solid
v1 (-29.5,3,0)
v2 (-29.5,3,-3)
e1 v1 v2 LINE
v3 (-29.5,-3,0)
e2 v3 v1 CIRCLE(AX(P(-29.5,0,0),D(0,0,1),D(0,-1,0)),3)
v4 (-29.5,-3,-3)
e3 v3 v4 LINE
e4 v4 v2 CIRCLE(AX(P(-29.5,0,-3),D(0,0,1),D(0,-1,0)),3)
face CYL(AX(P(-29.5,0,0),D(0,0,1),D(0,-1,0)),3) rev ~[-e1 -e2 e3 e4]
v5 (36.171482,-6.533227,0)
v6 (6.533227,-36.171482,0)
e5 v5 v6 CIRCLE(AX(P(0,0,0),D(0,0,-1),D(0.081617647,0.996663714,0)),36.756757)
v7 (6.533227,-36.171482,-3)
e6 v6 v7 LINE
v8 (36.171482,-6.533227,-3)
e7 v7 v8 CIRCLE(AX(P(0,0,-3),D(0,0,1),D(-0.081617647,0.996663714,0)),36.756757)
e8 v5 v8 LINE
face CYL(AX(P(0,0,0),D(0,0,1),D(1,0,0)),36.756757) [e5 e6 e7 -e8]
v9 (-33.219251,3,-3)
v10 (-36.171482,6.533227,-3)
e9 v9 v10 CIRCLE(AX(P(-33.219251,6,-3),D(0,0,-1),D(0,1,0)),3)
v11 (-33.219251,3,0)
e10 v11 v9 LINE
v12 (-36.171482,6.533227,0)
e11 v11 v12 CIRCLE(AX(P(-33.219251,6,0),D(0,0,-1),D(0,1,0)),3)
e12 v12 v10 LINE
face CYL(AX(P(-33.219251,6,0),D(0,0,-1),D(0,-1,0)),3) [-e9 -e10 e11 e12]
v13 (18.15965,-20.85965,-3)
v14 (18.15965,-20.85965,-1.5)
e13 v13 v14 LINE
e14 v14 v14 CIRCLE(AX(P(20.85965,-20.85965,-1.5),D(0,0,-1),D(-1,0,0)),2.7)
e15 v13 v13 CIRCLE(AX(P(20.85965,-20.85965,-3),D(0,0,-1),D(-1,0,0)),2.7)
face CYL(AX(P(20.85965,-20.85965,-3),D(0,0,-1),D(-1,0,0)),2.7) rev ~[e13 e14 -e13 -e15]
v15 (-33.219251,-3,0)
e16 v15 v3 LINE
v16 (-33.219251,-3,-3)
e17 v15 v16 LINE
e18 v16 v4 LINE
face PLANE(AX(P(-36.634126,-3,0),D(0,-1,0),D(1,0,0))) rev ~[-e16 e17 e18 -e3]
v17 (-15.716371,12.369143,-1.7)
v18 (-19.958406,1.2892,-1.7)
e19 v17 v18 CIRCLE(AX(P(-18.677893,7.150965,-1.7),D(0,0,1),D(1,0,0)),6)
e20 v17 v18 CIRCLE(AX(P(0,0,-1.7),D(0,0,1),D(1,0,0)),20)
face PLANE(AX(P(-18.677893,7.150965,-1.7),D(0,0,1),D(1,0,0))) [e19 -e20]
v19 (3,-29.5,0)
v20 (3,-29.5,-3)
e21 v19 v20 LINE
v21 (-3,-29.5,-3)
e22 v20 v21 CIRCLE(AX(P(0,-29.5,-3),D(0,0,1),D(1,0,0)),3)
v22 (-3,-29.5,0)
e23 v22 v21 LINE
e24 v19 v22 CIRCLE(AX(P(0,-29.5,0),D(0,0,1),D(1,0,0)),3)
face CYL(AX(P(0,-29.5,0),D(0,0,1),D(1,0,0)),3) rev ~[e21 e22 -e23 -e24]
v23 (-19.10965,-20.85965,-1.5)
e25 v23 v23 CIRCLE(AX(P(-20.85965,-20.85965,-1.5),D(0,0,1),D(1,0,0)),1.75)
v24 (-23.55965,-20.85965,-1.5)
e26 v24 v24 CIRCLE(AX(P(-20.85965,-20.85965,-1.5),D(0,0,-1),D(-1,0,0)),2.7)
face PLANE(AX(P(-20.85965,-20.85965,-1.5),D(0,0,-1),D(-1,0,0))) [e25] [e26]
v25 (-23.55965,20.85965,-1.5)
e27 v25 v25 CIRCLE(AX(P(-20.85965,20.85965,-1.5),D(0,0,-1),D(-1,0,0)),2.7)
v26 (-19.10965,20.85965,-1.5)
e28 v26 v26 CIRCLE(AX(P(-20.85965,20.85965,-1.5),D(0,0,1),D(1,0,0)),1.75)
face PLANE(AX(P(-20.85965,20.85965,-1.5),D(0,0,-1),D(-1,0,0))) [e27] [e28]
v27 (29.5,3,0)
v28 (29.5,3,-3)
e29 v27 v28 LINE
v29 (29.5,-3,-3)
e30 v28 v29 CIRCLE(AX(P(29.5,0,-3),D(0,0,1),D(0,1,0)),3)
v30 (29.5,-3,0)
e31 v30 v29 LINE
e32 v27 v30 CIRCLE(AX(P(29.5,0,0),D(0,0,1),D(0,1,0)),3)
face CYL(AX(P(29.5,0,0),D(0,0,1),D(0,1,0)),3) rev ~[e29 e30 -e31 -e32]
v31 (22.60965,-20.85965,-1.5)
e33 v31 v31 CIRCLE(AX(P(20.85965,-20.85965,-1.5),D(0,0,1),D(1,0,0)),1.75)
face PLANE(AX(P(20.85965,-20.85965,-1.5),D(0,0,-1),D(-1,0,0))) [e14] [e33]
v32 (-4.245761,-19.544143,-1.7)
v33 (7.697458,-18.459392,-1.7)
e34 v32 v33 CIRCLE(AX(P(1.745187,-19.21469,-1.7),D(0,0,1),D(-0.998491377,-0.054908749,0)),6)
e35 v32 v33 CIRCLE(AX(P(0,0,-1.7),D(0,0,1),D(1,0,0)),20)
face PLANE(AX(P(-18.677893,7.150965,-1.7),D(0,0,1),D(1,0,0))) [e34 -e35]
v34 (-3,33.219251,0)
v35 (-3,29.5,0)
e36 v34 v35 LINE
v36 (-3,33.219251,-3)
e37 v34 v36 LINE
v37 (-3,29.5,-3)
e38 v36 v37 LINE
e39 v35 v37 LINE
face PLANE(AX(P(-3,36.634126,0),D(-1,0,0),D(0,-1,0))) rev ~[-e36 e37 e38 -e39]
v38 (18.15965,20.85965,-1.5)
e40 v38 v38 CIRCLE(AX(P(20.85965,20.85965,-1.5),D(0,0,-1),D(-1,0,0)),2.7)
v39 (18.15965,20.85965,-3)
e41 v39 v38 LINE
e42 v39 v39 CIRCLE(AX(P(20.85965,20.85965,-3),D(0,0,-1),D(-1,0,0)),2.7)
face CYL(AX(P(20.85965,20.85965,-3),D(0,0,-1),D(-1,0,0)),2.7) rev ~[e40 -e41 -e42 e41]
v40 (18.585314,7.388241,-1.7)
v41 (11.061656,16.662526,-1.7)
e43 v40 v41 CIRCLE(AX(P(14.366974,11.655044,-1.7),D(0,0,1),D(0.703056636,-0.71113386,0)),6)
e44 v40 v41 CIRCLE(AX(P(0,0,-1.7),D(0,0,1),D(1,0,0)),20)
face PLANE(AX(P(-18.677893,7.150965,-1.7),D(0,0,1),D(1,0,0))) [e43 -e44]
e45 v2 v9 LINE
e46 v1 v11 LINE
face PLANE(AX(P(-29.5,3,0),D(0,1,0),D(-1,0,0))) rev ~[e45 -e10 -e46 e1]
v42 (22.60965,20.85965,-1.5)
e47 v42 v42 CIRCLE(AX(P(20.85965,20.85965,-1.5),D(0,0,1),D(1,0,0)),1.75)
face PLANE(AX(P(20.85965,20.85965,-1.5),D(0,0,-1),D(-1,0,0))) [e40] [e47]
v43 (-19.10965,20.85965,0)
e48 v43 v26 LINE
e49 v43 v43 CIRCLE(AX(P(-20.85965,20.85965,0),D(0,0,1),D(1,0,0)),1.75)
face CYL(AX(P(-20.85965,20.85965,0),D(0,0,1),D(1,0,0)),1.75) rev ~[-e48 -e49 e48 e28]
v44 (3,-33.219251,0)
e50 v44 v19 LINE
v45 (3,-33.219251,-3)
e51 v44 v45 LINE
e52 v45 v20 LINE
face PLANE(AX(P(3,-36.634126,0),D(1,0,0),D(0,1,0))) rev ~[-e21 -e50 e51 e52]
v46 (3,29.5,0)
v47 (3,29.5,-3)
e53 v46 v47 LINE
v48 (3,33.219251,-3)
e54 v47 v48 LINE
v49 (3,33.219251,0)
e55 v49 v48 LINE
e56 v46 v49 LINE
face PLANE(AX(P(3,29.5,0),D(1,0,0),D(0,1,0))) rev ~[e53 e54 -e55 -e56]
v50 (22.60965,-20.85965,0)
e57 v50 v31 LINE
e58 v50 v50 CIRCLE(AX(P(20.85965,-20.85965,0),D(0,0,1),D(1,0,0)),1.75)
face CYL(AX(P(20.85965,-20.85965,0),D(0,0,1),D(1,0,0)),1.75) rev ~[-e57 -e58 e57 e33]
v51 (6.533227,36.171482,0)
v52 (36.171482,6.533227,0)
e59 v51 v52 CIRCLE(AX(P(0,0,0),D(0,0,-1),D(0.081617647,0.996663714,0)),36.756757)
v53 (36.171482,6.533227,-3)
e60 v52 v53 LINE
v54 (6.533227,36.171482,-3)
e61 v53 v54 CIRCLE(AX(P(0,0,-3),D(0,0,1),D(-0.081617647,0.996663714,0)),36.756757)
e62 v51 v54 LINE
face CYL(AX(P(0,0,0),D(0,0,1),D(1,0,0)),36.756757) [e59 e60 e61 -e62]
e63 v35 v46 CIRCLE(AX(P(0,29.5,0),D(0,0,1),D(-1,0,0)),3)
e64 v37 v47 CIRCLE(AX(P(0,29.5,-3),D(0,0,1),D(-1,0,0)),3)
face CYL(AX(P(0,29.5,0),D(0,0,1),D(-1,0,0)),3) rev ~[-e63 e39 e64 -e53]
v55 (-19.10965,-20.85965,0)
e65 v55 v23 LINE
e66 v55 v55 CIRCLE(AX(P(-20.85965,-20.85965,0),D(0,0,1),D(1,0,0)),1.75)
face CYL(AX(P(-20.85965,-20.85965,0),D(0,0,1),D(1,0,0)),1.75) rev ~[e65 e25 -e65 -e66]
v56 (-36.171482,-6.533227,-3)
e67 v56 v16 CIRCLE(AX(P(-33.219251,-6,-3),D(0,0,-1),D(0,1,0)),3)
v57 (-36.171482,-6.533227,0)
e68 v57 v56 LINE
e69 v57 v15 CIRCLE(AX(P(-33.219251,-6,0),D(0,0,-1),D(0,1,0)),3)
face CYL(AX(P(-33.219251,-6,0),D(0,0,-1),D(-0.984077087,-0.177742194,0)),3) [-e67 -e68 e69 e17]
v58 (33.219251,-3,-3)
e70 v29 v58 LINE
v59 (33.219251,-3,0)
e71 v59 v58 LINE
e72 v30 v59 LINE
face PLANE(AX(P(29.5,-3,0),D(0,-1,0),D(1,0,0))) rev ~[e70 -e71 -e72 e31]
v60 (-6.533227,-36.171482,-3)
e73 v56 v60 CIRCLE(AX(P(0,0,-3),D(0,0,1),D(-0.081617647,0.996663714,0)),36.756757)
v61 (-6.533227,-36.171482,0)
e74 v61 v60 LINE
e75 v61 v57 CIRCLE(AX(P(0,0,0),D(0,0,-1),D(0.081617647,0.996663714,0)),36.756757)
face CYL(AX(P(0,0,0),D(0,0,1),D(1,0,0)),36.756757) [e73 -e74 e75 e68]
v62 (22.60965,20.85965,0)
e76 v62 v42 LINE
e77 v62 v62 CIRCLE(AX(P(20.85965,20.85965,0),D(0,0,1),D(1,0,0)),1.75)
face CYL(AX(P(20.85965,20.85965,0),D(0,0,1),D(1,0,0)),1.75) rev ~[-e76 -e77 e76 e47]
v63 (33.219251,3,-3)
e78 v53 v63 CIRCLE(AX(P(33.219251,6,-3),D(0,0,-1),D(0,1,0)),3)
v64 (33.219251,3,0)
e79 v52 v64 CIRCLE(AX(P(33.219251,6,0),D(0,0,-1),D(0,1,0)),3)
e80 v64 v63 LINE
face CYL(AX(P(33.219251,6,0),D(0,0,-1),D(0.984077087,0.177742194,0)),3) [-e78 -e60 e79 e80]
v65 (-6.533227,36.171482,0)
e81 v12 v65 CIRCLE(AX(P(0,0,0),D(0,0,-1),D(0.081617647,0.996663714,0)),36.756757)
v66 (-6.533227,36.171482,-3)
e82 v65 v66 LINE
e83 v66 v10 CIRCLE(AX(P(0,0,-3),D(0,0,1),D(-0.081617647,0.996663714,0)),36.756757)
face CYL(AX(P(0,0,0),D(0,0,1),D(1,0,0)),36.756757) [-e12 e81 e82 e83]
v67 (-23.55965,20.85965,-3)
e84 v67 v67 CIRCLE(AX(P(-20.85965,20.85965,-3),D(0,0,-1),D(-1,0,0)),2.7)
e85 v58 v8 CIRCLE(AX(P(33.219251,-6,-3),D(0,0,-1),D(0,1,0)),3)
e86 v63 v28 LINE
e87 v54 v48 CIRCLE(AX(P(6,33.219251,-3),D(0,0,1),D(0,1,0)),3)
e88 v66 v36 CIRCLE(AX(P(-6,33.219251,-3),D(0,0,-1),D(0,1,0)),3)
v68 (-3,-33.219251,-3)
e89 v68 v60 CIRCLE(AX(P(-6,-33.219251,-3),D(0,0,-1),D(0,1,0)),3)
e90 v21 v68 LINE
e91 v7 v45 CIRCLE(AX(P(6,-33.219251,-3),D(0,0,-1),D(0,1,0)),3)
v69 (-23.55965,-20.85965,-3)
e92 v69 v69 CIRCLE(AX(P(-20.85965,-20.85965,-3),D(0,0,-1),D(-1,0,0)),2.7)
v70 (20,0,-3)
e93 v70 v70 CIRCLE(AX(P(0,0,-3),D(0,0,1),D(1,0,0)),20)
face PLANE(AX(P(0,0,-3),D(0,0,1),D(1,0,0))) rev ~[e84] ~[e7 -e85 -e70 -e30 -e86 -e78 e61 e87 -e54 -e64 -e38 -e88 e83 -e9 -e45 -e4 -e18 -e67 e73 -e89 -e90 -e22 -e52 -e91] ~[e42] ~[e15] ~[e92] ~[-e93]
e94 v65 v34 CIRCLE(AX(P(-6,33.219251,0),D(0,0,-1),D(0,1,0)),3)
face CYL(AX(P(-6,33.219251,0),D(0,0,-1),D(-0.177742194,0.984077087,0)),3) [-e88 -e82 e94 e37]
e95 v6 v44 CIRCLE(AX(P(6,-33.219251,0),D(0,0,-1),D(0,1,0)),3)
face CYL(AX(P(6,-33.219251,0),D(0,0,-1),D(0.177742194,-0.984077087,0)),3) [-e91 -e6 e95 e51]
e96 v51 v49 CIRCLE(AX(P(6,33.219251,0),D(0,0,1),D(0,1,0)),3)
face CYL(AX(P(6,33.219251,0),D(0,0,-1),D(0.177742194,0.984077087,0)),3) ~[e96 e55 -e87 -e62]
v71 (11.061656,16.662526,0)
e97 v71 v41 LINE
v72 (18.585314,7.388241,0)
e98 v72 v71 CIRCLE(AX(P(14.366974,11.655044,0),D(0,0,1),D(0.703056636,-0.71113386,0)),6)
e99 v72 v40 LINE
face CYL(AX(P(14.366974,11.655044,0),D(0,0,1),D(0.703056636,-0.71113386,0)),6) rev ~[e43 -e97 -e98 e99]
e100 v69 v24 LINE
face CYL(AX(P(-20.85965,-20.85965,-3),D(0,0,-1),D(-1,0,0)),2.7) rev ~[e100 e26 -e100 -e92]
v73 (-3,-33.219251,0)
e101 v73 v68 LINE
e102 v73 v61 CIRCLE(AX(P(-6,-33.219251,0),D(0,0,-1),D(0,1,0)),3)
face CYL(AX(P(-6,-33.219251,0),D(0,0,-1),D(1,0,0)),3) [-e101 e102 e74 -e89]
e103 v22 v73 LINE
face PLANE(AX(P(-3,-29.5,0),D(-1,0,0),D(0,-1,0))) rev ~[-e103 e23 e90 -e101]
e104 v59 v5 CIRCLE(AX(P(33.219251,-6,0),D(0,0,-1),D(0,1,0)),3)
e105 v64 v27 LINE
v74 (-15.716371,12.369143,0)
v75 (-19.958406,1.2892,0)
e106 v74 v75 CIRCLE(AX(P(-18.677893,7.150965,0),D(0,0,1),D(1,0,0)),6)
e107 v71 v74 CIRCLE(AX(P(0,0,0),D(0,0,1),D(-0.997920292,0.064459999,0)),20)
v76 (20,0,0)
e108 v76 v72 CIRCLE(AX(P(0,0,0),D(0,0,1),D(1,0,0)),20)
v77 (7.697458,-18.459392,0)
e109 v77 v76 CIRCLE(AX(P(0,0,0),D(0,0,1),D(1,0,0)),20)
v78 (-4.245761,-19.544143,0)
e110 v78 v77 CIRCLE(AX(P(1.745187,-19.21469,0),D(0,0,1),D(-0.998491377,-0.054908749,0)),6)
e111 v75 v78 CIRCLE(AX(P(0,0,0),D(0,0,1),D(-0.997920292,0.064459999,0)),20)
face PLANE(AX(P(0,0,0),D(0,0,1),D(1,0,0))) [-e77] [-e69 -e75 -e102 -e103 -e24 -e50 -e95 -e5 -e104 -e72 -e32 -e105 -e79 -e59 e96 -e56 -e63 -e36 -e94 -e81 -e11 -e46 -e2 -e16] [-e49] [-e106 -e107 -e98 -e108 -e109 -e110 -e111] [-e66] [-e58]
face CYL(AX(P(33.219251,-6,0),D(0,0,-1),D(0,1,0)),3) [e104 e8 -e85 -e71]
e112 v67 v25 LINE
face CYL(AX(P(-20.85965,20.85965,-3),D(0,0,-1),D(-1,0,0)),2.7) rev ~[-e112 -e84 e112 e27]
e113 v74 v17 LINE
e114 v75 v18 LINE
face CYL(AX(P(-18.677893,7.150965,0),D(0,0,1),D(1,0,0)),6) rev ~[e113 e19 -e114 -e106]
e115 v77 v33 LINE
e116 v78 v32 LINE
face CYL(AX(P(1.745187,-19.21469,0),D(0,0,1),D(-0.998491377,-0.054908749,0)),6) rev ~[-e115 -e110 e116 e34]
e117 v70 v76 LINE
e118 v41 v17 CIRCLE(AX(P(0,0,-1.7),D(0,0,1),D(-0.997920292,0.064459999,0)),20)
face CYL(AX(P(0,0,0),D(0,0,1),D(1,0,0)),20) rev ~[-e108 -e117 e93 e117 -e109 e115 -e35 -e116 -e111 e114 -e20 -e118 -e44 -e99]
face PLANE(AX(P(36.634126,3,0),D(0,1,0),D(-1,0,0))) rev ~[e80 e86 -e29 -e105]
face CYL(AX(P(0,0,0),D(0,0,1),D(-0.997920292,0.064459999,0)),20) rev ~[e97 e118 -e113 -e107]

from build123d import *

# Parameters (mm, degrees)
SKETCH5_R                = 36.756756757
SKETCH5_R_2              = 20
BOSS_EXTRUDE1_DEPTH      = 3
SKETCH8_R                = 1.75
CUT_EXTRUDE3_DEPTH       = 5
SKETCH27_R               = 1.75
CUT_EXTRUDE9_DEPTH       = 5
SKETCH28_R               = 1.75
CUT_EXTRUDE10_DEPTH      = 10
FILLET1_R                = 3
CIRPATTERN1_COUNT        = 4
FILLET1_OF_CIRPATTERN1_R = 3
SKETCH32_R               = 6
SKETCH32_R_2             = 20
CUT_EXTRUDE11_DEPTH      = 1.7
SKETCH33_R               = 2.7
CUT_EXTRUDE12_DEPTH      = 1.5


with BuildPart() as part:
    # Sketch5 → Boss-Extrude1 (new body)
    with BuildSketch(Plane.XY):
        Circle(SKETCH5_R)
        Circle(SKETCH5_R_2, mode=Mode.SUBTRACT)
    extrude(amount=-BOSS_EXTRUDE1_DEPTH)

    # Sketch8 → Cut-Extrude3 (cut)
    with BuildSketch(Plane.XY):
        with Locations((20.859650045, 20.859650045)):
            Circle(SKETCH8_R)
        with Locations((-20.859650045, 20.859650045)):
            Circle(SKETCH8_R)
        with Locations((-20.859650045, -20.859650045)):
            Circle(SKETCH8_R)
        with Locations((20.859650045, -20.859650045)):
            Circle(SKETCH8_R)
    extrude(amount=-CUT_EXTRUDE3_DEPTH, mode=Mode.SUBTRACT)

    # Sketch27 → Cut-Extrude9 (cut)
    with BuildSketch(Plane.XY):
        with Locations((0, 29.5)):
            Circle(SKETCH27_R)
        with Locations((29.5, 0)):
            Circle(SKETCH27_R)
        with Locations((0, -29.5)):
            Circle(SKETCH27_R)
        with Locations((-29.5, 0)):
            Circle(SKETCH27_R)
    extrude(amount=-CUT_EXTRUDE9_DEPTH, mode=Mode.SUBTRACT)

    # Sketch28 → Cut-Extrude10 (cut)
    with BuildSketch(Plane.XY):
        with BuildLine():
            Line((-3, 36.63412572), (-3, 29.5))
            ThreePointArc((-3, 29.5), (0, 26.5), (3, 29.5))
            Line((3, 29.5), (3, 36.63412572))
            ThreePointArc((3, 36.63412572), (0, 36.756756757), (-3, 36.63412572))
        make_face()
        with Locations((0, 29.5)):
            Circle(SKETCH28_R, mode=Mode.SUBTRACT)
    cut_extrude10 = extrude(amount=-CUT_EXTRUDE10_DEPTH, mode=Mode.SUBTRACT)

    # Fillet1
    fillet1_edges = [part.edges().sort_by_distance(p)[0] for p in [
        (-3, 36.63412572, -1.5),
        (3, 36.63412572, -1.5),
    ]]
    fillet(fillet1_edges, radius=FILLET1_R)

    # CirPattern1: Cut-Extrude10 ×4 about axis
    cirpattern1_axis = Axis((0, 0, 0), (0, 0, 1))
    for i in range(1, CIRPATTERN1_COUNT):
        add(cut_extrude10.rotate(cirpattern1_axis, i * 360 / CIRPATTERN1_COUNT), mode=Mode.SUBTRACT)

    # Fillet1 of CirPattern1
    fillet1_of_cirpattern1_edges = [part.edges().sort_by_distance(p)[0] for p in [
        (-36.63412572, -3, -1.5),
        (-36.63412572, 3, -1.5),
        (3, -36.63412572, -1.5),
        (-3, -36.63412572, -1.5),
        (36.63412572, 3, -1.5),
        (36.63412572, -3, -1.5),
    ]]
    fillet(fillet1_of_cirpattern1_edges, radius=FILLET1_OF_CIRPATTERN1_R)

    # Sketch32 → Cut-Extrude11 (cut)
    with BuildSketch(Plane.XY):
        with Locations((-18.677893379, 7.150964894)):
            Circle(SKETCH32_R)
        Circle(SKETCH32_R_2)
        with Locations((14.366974153, 11.655044131)):
            Circle(SKETCH32_R)
        with Locations((1.745187427, -19.214690235)):
            Circle(SKETCH32_R)
    extrude(amount=-CUT_EXTRUDE11_DEPTH, mode=Mode.SUBTRACT)

    # Sketch33 → Cut-Extrude12 (cut)
    with BuildSketch(Plane(origin=(0, 0, -3), x_dir=(-1, 0, 0), z_dir=(0, 0, -1))):
        with Locations((-20.859650045, 20.859650045)):
            Circle(SKETCH33_R)
        with Locations((20.859650045, 20.859650045)):
            Circle(SKETCH33_R)
        with Locations((20.859650045, -20.859650045)):
            Circle(SKETCH33_R)
        with Locations((-20.859650045, -20.859650045)):
            Circle(SKETCH33_R)
    extrude(amount=-CUT_EXTRUDE12_DEPTH, mode=Mode.SUBTRACT)


solid = part.part
